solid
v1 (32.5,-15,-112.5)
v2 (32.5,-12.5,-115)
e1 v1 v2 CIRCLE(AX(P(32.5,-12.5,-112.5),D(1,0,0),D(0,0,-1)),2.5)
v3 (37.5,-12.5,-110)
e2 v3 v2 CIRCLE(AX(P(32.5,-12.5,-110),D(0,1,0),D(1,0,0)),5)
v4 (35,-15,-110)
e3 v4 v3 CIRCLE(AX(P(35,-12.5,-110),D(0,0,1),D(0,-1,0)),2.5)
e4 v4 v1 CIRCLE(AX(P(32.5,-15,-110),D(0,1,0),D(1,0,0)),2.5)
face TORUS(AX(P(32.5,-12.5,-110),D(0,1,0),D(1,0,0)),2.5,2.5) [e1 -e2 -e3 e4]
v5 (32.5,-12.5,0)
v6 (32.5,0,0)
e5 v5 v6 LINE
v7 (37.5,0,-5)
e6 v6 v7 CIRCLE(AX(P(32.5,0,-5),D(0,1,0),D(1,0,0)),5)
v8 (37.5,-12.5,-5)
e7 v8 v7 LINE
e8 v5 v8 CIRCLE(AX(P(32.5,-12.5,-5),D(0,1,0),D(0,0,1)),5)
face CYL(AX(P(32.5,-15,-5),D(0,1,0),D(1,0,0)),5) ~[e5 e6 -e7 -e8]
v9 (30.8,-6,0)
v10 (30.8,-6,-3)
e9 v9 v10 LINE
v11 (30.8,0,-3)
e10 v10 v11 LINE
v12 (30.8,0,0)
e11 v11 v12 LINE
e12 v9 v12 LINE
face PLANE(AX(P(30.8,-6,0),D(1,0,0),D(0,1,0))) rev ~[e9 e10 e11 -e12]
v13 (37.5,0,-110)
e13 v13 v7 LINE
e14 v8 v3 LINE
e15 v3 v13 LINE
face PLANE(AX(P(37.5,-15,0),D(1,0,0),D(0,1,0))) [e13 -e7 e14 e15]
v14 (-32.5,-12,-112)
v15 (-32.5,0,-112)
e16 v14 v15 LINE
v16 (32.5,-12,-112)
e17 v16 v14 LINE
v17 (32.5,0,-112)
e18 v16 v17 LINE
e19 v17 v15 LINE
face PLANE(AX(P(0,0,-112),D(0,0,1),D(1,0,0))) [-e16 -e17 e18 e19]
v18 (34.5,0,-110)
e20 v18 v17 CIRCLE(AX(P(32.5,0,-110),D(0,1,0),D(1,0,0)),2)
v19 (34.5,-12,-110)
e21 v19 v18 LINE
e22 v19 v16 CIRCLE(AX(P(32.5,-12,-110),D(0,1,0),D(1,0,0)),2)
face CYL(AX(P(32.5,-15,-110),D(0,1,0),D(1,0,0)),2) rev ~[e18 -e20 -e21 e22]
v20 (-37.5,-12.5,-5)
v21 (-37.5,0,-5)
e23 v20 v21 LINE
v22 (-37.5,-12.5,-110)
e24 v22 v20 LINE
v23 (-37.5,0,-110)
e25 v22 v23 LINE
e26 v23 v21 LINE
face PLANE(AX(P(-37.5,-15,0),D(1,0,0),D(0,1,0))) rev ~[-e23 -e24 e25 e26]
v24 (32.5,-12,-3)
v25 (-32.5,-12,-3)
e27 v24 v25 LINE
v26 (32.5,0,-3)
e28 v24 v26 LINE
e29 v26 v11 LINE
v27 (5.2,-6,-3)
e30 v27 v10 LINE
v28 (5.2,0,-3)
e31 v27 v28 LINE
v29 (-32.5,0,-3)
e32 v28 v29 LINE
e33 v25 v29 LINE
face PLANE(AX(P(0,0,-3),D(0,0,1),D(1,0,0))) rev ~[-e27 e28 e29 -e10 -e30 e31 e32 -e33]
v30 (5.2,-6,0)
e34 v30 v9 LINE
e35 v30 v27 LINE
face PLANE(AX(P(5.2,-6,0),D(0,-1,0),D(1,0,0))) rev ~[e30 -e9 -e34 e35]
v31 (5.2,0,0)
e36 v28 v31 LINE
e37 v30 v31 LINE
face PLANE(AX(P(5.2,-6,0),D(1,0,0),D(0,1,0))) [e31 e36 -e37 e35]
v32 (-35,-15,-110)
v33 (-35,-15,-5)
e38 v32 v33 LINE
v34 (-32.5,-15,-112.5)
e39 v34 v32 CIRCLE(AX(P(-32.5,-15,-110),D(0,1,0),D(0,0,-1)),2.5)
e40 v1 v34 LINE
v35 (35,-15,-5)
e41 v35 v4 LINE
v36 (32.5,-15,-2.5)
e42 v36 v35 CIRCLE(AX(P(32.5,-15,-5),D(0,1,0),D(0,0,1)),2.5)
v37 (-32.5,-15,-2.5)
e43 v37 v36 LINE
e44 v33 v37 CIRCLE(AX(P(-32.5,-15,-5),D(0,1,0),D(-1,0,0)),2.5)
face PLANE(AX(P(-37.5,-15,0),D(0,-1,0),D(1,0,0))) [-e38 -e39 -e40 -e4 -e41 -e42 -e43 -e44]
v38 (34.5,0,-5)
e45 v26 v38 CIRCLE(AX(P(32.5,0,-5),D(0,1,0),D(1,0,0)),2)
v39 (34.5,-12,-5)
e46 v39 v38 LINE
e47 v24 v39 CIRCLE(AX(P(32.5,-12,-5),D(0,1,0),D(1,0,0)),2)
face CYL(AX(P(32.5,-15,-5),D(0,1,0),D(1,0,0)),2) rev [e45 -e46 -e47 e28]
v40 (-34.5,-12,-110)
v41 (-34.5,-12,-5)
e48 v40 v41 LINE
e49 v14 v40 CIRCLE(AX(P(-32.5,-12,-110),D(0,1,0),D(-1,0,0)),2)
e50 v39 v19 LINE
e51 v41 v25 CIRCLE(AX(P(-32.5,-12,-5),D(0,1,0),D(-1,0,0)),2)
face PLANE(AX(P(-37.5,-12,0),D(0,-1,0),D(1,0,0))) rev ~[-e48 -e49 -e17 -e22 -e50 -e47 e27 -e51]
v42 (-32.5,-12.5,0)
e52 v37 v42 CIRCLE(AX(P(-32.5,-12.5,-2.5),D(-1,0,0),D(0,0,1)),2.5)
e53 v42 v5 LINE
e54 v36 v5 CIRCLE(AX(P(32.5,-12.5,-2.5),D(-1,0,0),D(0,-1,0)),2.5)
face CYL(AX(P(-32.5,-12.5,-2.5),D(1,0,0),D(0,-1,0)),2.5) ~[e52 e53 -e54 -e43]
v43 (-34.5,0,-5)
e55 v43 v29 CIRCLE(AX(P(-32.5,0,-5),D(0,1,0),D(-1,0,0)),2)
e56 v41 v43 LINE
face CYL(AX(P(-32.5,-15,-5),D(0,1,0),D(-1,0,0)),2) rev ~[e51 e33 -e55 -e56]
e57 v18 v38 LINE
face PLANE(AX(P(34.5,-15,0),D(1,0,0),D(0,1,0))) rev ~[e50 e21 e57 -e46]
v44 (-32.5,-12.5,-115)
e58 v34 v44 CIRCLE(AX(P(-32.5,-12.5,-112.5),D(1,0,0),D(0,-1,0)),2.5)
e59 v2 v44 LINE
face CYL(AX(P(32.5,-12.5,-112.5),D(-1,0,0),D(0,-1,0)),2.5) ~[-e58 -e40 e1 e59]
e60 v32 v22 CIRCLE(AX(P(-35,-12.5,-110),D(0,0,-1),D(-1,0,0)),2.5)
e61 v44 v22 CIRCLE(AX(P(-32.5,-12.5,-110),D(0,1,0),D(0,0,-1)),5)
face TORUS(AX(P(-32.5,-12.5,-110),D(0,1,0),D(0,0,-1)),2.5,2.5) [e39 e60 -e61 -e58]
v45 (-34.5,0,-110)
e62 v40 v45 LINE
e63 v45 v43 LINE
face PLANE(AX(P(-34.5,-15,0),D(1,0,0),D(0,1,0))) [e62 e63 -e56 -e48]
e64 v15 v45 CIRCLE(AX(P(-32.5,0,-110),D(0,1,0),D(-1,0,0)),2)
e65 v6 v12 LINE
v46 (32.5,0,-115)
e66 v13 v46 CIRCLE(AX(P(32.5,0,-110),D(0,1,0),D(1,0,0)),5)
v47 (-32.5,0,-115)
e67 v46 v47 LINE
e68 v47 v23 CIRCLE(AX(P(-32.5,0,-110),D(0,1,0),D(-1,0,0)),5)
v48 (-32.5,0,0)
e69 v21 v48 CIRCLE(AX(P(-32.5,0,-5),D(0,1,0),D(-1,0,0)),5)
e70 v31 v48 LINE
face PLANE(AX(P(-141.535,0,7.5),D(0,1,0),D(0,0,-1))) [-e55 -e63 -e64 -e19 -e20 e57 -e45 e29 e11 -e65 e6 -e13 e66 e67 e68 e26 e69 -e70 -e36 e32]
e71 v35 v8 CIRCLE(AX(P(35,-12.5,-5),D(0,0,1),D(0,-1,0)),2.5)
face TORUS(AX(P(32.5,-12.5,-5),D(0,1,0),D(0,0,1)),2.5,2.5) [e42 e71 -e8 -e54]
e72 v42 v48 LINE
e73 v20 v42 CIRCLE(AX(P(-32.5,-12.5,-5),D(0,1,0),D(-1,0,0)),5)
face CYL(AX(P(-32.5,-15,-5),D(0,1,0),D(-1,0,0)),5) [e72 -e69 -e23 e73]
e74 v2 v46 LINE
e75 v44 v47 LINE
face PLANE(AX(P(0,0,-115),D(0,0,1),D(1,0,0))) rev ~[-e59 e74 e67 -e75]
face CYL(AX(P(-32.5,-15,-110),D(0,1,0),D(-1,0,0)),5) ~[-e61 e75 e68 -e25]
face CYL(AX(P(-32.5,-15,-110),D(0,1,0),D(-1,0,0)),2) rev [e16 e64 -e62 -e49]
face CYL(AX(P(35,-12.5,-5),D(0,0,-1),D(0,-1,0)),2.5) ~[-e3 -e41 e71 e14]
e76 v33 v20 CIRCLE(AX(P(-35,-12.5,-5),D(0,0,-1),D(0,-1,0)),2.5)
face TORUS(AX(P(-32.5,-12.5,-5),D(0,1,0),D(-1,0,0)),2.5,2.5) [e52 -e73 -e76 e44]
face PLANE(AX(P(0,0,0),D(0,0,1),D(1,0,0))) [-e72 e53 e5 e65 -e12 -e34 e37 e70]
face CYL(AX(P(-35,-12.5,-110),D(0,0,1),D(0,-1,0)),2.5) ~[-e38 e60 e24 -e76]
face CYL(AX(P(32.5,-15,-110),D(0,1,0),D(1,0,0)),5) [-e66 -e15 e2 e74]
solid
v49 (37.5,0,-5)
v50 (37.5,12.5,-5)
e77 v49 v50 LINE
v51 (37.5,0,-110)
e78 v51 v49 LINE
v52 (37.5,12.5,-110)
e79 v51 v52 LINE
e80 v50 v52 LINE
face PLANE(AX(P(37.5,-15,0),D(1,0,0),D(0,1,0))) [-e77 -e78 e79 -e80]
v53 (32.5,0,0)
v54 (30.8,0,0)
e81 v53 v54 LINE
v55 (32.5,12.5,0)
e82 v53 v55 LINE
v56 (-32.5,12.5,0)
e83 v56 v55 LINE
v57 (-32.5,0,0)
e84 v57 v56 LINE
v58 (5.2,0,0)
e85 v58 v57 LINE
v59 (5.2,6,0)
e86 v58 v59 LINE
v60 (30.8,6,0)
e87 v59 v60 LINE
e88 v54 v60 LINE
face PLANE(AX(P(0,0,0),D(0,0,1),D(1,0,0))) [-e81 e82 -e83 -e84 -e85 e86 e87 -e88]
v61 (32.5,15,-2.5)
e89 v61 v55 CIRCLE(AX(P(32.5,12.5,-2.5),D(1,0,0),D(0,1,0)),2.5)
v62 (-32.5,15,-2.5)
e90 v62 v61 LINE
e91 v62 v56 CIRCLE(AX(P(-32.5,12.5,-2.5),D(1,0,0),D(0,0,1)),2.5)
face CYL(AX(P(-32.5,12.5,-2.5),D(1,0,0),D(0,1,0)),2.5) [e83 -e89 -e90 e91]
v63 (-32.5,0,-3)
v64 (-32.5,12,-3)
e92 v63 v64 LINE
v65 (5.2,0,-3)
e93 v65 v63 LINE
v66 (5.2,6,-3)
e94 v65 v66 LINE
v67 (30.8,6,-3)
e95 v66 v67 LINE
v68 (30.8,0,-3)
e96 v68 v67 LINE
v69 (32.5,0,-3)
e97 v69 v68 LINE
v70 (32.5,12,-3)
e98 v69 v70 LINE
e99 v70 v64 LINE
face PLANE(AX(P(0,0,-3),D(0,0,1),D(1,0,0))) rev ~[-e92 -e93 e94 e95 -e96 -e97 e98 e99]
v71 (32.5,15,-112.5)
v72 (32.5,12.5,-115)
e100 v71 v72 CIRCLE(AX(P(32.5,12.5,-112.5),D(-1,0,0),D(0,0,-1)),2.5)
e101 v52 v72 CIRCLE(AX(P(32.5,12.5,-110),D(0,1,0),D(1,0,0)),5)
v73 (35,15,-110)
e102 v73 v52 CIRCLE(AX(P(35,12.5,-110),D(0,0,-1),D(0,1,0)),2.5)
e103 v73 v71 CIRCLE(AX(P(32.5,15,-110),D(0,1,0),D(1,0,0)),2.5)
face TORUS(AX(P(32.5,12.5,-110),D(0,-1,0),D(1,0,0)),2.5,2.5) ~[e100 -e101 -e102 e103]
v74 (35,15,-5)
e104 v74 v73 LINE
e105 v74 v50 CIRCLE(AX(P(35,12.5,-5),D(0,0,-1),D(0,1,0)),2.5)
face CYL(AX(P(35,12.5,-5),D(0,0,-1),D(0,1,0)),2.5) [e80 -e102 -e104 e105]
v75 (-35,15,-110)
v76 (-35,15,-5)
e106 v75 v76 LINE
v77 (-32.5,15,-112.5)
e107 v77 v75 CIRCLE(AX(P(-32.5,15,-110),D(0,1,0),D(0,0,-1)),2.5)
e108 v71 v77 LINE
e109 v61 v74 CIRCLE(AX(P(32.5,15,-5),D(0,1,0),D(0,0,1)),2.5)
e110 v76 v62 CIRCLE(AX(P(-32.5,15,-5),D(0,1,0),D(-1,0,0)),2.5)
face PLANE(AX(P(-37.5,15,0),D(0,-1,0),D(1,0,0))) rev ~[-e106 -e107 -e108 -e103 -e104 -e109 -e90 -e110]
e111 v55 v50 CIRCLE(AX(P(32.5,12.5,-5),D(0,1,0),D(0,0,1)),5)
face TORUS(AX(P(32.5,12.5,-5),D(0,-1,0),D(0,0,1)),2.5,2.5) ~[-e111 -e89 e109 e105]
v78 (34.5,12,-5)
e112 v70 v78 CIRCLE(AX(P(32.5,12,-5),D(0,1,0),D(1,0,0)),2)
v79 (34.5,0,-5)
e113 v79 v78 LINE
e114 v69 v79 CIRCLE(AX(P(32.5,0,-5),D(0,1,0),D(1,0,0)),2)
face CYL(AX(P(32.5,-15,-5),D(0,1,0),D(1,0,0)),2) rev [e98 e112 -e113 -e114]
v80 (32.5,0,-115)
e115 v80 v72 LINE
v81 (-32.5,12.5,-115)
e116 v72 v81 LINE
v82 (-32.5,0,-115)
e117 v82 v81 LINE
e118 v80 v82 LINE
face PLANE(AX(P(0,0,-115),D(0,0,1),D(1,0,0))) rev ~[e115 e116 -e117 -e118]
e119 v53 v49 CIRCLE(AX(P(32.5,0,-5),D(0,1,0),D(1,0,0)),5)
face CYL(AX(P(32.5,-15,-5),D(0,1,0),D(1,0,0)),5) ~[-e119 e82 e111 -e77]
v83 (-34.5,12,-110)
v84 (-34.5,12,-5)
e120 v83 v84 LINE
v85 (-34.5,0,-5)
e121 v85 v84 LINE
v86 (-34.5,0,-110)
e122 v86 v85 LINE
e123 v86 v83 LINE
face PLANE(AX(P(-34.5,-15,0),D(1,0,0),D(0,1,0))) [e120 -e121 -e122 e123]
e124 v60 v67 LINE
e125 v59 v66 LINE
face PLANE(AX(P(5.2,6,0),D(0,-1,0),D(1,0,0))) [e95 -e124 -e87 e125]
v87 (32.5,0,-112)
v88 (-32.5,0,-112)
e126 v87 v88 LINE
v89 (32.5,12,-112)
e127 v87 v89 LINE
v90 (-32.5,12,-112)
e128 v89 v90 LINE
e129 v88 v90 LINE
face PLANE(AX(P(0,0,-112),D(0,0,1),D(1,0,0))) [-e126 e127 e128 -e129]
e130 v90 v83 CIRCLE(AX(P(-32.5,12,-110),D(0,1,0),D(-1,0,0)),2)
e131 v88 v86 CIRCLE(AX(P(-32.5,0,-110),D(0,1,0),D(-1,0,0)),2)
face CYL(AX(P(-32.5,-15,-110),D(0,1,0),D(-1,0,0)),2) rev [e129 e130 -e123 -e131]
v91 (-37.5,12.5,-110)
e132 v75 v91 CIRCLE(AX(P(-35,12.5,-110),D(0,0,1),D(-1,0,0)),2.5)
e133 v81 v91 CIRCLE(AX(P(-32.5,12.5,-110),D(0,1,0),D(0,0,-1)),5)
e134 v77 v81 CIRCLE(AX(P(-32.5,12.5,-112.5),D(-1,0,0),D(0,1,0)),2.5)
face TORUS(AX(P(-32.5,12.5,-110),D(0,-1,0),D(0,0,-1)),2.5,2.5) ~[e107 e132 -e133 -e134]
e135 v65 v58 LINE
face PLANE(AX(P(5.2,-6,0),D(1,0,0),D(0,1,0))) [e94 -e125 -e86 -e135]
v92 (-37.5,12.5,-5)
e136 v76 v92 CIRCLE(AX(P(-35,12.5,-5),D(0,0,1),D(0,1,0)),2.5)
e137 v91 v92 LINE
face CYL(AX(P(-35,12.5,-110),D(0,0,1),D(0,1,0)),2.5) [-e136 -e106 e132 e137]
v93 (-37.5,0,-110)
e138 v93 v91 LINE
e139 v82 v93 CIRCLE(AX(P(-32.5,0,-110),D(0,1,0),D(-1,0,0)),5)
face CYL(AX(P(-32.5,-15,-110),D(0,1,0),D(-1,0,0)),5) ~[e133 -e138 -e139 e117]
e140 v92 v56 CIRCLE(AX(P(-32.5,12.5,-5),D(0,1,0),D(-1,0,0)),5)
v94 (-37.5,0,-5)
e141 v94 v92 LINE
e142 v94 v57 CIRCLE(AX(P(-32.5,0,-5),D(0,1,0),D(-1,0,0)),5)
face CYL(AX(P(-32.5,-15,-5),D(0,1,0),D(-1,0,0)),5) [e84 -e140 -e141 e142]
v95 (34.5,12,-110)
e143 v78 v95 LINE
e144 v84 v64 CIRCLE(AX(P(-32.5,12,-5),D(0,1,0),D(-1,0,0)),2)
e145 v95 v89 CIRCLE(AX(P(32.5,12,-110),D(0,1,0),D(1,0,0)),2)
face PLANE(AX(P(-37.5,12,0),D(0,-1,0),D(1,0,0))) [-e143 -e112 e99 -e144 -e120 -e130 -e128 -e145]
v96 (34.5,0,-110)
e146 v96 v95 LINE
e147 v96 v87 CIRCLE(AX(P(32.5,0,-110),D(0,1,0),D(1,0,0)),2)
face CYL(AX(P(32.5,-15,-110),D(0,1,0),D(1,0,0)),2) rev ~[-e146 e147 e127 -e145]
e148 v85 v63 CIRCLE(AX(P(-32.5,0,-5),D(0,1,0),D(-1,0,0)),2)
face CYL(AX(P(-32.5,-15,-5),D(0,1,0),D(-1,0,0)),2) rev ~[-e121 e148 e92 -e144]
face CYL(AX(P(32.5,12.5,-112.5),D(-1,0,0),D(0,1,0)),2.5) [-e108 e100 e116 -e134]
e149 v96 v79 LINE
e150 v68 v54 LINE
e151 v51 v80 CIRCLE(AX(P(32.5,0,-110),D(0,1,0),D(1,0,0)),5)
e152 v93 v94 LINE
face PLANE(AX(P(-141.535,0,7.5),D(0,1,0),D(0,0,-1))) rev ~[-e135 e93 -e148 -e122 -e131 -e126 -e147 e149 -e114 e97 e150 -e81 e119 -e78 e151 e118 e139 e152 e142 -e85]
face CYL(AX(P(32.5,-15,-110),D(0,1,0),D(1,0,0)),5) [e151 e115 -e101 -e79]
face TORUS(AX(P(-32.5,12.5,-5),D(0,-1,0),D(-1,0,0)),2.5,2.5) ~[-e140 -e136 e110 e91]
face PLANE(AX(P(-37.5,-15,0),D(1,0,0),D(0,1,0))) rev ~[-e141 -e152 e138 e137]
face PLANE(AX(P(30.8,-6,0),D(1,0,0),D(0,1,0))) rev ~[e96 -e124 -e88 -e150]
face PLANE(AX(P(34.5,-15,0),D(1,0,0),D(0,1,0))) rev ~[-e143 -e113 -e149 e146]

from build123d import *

# Parameters (mm, degrees)
SKETCH1_W              = 75
SKETCH1_H              = 30
BOSS_EXTRUDE1_DEPTH    = 115
FILLET1_R              = 5
FILLET2_R              = 2.5
SHELL1_T               = 3
SKETCH3_W              = 25.6
SKETCH3_H              = 12
CUT_EXTRUDE1_DEPTH     = 3
SPLIT1_SURFACE_1_BACK  = 141.535
SPLIT1_SURFACE_1_DEPTH = 283.07
SPLIT1_SURFACE_2_BACK  = 141.535
SPLIT1_SURFACE_2_DEPTH = 283.07


with BuildPart() as part:
    # Sketch1 → Boss-Extrude1 (new body)
    with BuildSketch(Plane.XY):
        Rectangle(SKETCH1_W, SKETCH1_H)
    extrude(amount=-BOSS_EXTRUDE1_DEPTH)

    # Fillet1
    fillet1_edges = [part.edges().sort_by_distance(p)[0] for p in [
        (37.5, 0, -115),
        (-37.5, 0, -115),
        (37.5, 0, 0),
        (-37.5, 0, 0),
    ]]
    fillet(fillet1_edges, radius=FILLET1_R)

    # Fillet2
    fillet2_edges = [part.edges().sort_by_distance(p)[0] for p in [
        (37.5, -15, -57.5),
        (37.5, 15, -57.5),
        (0, 15, 0),
        (0, 15, -115),
        (-37.5, 15, -57.5),
        (-36.035533906, 15, -113.535533906),
        (-36.035533906, 15, -1.464466094),
        (36.035533906, 15, -1.464466094),
        (36.035533906, 15, -113.535533906),
        (0, -15, -115),
        (0, -15, 0),
        (-37.5, -15, -57.5),
        (-36.035533906, -15, -113.535533906),
        (-36.035533906, -15, -1.464466094),
        (36.035533906, -15, -1.464466094),
        (36.035533906, -15, -113.535533906),
    ]]
    fillet(fillet2_edges, radius=FILLET2_R)

    # Shell1 (no face opened: a closed hollow body)
    add(offset(amount=-SHELL1_T, mode=Mode.PRIVATE), mode=Mode.SUBTRACT)

    # Sketch3 → Cut-Extrude1 (cut)
    with BuildSketch(Plane.XY):
        with Locations((18, 0)):
            Rectangle(SKETCH3_W, SKETCH3_H)
    extrude(amount=-CUT_EXTRUDE1_DEPTH, mode=Mode.SUBTRACT)


with BuildPart() as body_2:
    # Split1: the piece behind the surface
    add(part.part)
    # Split1 surface: a surface, the sketch's curves swept straight by 283.07 mm
    with BuildLine(Plane(origin=(0, 0, 0), x_dir=(0, 0, -1), z_dir=(1, 0, 0)).offset(-SPLIT1_SURFACE_1_BACK), mode=Mode.PRIVATE) as split1_surface_1_path:
        Line((-7.5, 0), (122.5, 0))
    split1_surface_1 = Shell.extrude(split1_surface_1_path.wire(), (1 * SPLIT1_SURFACE_1_DEPTH, 0 * SPLIT1_SURFACE_1_DEPTH, 0 * SPLIT1_SURFACE_1_DEPTH))
    split(bisect_by=split1_surface_1, keep=Keep.BOTTOM)


with BuildPart() as part_1:
    add(part.part)

    # Split1: split by a surface, the side it looks to stays
    # Split1 surface: a surface, the sketch's curves swept straight by 283.07 mm
    with BuildLine(Plane(origin=(0, 0, 0), x_dir=(0, 0, -1), z_dir=(1, 0, 0)).offset(-SPLIT1_SURFACE_2_BACK), mode=Mode.PRIVATE) as split1_surface_2_path:
        Line((-7.5, 0), (122.5, 0))
    split1_surface_2 = Shell.extrude(split1_surface_2_path.wire(), (1 * SPLIT1_SURFACE_2_DEPTH, 0 * SPLIT1_SURFACE_2_DEPTH, 0 * SPLIT1_SURFACE_2_DEPTH))
    split(bisect_by=split1_surface_2, keep=Keep.TOP)


solid = Compound([body_2.part, part_1.part])
